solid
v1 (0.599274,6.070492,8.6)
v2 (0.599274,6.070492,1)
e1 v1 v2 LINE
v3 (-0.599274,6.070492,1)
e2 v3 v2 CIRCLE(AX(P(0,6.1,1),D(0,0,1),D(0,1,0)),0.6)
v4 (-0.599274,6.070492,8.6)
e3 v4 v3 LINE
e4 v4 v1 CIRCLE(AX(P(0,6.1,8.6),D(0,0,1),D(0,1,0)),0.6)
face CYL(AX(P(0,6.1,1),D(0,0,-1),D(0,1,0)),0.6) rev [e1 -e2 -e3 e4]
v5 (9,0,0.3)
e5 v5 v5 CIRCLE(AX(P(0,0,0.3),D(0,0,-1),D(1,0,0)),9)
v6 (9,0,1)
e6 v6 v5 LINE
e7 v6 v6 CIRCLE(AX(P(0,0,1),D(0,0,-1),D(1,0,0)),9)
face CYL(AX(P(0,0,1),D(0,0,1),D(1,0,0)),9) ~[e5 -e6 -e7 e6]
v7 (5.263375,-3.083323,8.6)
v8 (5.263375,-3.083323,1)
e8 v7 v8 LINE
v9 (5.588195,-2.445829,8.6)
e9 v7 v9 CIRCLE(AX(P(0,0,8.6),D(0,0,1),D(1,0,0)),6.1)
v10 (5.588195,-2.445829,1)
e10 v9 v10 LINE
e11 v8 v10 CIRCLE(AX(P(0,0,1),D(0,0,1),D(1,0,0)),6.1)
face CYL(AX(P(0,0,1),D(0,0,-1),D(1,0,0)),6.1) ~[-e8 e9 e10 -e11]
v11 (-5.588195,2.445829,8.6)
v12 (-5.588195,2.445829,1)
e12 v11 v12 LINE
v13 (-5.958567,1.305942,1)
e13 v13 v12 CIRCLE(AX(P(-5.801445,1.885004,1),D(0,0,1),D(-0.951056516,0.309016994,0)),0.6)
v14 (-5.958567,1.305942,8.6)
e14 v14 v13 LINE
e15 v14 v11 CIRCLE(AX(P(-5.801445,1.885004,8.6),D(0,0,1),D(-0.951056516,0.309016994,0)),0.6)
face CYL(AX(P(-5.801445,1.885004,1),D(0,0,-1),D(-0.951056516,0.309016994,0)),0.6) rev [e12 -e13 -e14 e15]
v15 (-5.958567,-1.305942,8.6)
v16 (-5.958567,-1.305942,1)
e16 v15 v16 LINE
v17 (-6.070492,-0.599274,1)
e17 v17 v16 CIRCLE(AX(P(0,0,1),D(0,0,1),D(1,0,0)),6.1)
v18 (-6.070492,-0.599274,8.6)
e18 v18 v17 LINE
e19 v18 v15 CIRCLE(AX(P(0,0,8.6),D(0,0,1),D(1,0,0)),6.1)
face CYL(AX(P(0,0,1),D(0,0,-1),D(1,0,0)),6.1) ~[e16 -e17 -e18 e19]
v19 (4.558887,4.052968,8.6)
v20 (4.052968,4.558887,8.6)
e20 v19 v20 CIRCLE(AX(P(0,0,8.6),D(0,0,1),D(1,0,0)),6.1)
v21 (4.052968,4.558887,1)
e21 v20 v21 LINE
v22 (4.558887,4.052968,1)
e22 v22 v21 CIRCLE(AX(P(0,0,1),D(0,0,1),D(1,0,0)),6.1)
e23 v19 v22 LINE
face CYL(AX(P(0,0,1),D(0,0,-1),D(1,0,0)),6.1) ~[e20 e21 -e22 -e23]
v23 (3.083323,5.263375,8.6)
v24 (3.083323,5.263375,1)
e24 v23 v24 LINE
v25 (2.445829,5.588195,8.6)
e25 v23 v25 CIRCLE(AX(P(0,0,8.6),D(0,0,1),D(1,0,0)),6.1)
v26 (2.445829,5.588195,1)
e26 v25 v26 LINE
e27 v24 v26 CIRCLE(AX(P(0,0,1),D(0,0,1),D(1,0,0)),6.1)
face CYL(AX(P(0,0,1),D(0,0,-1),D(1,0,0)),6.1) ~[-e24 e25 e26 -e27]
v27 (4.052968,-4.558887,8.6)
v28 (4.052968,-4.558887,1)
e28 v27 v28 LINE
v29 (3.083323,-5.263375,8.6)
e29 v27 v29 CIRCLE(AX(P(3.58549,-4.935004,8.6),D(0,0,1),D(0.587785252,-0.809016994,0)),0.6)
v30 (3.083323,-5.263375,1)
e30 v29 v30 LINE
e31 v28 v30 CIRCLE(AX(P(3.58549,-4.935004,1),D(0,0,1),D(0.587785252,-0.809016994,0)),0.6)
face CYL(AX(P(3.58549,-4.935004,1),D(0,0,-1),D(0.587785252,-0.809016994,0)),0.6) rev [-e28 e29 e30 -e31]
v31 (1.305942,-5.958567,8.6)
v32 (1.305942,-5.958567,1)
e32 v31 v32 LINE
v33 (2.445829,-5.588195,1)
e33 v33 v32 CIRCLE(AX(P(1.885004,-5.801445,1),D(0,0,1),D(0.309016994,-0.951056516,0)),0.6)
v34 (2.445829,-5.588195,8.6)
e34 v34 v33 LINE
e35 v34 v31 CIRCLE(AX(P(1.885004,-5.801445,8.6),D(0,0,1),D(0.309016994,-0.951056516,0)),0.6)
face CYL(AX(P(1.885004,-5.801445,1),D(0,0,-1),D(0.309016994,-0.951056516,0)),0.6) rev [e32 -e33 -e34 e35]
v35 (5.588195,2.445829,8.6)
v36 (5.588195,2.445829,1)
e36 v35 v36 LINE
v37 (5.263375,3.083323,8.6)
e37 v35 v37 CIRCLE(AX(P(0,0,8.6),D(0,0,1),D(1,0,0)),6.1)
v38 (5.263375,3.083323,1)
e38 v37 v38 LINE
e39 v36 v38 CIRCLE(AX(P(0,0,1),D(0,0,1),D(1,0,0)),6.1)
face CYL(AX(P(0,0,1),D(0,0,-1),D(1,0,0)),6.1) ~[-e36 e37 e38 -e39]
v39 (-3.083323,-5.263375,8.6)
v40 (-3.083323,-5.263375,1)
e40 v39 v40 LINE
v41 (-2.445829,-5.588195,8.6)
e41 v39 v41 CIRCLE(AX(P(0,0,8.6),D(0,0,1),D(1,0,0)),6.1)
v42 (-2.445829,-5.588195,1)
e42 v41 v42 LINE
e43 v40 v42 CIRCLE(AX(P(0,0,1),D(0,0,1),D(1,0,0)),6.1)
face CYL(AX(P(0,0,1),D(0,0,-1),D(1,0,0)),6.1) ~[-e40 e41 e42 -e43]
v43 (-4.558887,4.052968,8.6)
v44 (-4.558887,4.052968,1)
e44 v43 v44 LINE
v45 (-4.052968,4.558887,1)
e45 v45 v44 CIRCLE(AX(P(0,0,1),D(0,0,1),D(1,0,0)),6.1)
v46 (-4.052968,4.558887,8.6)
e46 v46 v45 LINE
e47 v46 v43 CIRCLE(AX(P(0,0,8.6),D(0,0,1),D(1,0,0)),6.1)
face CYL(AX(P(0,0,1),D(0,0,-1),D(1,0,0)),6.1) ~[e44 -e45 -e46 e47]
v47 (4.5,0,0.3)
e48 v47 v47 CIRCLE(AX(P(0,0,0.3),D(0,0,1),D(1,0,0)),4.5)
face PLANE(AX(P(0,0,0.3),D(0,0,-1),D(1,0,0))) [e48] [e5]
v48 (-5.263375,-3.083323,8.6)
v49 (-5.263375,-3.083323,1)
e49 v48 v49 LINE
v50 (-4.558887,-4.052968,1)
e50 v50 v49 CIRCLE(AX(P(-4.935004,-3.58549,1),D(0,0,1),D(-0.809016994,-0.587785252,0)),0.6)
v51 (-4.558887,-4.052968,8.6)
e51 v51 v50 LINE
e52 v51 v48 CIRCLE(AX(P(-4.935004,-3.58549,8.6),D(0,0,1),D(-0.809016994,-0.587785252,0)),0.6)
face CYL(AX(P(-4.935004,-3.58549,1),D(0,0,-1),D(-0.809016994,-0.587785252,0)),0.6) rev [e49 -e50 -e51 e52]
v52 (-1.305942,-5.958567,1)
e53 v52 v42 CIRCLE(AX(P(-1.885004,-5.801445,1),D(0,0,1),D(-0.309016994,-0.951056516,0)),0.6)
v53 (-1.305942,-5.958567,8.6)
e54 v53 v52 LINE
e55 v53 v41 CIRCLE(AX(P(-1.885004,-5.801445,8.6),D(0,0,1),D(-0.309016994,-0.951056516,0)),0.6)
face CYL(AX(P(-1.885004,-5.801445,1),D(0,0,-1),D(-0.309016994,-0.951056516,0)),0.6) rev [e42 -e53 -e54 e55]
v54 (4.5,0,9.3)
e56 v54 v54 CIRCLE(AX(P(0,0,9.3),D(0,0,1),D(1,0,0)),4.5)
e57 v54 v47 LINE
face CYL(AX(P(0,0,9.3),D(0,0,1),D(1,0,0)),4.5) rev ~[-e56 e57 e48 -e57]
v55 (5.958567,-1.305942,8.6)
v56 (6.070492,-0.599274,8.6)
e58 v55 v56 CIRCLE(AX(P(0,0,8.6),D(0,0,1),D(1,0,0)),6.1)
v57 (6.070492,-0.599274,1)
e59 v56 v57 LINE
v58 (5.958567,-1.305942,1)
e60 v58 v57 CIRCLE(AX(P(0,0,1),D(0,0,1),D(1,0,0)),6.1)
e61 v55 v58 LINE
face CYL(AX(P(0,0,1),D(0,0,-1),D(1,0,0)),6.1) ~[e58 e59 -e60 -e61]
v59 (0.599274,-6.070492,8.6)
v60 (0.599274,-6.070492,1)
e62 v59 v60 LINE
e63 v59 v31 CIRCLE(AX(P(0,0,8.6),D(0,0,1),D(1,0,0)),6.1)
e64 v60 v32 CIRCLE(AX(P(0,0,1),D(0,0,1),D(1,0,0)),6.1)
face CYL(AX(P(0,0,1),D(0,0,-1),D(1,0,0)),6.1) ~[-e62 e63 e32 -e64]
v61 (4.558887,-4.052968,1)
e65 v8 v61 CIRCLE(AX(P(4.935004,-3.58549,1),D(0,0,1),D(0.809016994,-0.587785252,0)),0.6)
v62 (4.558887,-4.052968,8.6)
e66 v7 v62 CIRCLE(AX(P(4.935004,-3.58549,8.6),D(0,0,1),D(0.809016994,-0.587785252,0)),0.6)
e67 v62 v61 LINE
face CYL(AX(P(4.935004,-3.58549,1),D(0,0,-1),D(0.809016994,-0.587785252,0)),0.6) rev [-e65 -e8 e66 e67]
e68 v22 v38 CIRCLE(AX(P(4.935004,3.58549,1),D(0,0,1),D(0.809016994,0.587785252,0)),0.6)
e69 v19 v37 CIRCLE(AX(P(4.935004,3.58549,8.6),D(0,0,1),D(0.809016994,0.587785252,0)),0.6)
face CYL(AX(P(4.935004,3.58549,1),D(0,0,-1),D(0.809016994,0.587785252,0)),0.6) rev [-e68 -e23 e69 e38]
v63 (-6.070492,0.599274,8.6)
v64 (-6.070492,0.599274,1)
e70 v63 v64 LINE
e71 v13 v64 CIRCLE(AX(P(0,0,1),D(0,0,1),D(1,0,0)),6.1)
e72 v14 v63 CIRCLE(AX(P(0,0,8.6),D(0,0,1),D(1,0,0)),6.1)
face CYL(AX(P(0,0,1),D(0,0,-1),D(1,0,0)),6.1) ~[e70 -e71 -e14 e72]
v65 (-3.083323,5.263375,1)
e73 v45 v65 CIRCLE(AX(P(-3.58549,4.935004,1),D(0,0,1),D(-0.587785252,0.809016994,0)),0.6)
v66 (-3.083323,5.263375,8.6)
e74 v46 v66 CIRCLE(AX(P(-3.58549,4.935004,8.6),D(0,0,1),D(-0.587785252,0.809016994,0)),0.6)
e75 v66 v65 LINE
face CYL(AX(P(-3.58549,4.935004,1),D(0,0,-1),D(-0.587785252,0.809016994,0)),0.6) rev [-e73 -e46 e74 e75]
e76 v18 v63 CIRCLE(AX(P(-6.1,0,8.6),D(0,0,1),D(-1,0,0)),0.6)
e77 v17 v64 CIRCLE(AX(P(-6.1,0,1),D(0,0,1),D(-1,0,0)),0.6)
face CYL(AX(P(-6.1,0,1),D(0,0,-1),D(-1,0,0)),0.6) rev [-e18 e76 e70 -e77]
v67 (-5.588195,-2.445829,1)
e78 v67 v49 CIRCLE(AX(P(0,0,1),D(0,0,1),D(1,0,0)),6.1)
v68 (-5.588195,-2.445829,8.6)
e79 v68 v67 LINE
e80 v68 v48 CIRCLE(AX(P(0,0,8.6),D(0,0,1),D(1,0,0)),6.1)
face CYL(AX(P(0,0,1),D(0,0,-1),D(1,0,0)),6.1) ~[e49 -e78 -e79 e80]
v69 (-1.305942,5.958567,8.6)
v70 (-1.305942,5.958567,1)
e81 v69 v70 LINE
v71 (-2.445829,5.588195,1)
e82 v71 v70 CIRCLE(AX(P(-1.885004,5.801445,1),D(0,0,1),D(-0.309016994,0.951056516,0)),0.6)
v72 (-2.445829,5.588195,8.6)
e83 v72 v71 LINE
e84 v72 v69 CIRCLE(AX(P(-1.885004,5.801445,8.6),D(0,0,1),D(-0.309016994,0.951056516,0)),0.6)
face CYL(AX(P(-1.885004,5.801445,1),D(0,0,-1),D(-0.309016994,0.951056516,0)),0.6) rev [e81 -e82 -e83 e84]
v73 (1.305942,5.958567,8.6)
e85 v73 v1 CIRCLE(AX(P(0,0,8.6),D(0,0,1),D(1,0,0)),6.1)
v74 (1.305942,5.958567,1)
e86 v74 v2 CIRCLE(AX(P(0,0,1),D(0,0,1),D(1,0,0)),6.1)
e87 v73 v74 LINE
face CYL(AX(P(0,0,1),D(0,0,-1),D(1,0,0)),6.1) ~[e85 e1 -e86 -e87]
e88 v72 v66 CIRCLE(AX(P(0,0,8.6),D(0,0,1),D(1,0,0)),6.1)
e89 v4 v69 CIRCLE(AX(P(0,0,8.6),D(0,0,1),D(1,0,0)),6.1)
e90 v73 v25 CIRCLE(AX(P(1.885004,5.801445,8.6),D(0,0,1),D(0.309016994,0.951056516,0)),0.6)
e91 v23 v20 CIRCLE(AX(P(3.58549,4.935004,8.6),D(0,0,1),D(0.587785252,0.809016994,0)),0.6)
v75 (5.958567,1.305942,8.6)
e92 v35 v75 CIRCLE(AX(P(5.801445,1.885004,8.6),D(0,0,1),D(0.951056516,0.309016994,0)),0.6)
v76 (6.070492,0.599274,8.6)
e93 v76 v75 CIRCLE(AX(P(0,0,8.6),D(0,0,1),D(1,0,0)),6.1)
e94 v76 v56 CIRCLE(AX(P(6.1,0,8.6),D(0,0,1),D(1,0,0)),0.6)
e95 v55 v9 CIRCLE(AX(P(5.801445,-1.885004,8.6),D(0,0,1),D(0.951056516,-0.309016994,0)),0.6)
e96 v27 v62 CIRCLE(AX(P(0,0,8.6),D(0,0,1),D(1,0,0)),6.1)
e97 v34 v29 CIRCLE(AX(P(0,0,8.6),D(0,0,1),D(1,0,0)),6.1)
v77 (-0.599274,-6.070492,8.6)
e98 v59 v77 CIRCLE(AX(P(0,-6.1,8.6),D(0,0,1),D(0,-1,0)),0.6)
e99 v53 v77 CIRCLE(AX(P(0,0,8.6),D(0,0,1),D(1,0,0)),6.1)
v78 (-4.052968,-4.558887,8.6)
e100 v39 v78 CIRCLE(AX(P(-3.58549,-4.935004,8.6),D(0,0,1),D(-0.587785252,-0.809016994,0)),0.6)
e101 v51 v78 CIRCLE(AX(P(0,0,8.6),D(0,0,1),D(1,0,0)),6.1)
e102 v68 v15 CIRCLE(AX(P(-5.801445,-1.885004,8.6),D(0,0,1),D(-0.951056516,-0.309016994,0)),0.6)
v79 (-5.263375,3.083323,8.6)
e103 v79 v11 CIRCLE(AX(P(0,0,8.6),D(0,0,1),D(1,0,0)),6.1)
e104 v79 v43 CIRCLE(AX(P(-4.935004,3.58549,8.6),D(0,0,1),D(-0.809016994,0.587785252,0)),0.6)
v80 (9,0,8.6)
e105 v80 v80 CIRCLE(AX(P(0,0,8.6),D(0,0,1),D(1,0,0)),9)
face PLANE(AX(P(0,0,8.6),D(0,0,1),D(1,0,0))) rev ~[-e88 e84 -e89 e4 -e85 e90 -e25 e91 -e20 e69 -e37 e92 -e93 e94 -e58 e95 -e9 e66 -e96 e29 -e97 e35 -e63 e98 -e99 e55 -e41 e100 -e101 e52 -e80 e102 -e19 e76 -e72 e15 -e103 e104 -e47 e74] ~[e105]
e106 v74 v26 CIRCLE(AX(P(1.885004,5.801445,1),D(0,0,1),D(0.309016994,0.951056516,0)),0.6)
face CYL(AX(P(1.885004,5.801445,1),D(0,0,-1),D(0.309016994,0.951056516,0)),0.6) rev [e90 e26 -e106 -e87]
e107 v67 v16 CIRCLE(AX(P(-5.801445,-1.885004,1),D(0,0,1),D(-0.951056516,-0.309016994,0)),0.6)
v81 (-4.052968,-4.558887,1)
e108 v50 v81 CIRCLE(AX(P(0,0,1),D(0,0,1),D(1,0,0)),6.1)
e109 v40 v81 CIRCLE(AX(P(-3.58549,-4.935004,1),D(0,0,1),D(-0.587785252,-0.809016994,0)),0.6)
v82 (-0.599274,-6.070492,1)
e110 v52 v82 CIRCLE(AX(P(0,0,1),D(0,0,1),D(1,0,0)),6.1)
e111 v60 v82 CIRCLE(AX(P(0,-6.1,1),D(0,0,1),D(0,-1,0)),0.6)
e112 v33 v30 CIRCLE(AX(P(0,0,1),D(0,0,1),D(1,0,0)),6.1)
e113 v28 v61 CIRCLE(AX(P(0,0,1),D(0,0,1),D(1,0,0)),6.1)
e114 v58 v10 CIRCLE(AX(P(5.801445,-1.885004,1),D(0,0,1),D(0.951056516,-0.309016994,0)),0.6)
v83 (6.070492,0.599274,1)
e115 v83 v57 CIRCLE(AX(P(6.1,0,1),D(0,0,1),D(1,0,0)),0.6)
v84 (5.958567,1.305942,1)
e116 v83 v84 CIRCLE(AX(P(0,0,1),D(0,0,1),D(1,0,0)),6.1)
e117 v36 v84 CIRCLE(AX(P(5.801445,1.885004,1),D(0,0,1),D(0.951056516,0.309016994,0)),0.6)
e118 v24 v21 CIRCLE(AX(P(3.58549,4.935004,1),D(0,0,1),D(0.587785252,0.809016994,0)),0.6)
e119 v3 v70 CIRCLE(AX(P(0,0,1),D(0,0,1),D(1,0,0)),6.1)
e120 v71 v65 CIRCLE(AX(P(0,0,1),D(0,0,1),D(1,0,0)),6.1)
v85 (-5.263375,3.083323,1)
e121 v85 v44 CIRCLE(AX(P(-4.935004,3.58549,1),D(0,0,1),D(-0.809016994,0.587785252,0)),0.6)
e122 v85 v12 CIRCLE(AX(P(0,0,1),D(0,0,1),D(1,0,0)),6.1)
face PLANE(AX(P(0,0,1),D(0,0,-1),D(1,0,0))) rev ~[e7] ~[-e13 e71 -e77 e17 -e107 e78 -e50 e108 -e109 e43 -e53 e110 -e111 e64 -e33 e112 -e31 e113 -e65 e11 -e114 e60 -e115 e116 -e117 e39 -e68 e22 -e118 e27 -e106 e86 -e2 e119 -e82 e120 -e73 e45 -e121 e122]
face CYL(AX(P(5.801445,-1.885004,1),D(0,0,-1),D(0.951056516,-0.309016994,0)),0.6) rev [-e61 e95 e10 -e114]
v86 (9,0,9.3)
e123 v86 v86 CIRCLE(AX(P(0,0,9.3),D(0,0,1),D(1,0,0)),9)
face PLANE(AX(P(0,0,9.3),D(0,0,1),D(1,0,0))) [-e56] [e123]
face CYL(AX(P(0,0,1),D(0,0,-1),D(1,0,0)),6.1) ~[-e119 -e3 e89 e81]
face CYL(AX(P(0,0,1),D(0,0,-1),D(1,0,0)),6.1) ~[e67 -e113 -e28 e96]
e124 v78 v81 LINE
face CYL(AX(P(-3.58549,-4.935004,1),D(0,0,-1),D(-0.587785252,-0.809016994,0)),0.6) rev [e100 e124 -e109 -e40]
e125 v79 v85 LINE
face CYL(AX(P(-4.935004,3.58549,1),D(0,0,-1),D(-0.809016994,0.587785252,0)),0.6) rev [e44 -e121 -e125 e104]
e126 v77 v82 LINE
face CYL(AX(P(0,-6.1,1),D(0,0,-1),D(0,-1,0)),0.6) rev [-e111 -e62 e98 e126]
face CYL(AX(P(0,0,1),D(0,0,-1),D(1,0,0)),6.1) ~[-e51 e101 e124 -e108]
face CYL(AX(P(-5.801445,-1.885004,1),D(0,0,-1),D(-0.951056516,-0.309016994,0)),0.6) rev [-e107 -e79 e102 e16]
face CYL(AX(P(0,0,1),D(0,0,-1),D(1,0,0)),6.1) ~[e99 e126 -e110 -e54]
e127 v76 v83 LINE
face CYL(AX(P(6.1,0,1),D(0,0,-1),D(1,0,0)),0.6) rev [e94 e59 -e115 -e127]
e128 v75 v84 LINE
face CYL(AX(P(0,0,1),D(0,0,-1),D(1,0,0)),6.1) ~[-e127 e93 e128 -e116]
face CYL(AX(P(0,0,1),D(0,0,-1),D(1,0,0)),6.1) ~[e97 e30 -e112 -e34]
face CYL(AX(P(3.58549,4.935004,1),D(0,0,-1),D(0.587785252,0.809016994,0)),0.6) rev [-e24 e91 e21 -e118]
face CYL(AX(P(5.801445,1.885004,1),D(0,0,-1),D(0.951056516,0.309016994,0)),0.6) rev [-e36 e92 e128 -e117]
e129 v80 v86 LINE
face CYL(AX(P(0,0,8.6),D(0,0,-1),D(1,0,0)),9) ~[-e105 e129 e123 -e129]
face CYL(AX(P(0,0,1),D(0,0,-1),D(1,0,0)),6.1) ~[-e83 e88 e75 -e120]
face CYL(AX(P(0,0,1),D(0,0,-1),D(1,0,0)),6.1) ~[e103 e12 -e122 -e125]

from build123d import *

# Parameters (mm, degrees)
CYLINDER_R        = 0.6
CYLINDER_DEPTH    = 7.6
ARRAY_COUNT       = 20
CYLINDER001_R     = 6.1
CYLINDER001_DEPTH = 7.6
SKETCH_R          = 9
PAD_DEPTH         = 0.7
SKETCH001_R       = 9
PAD001_DEPTH      = 0.7
SKETCH002_R       = 4.5
POCKET_DEPTH      = 9.001


with BuildPart() as array:
    # Cylinder → Cylinder (new body)
    with BuildSketch(Plane(origin=(6.1, 0, 0), x_dir=(1, 0, 0), z_dir=(0, 0, 1))):
        Circle(CYLINDER_R)
    extrude(amount=CYLINDER_DEPTH)

    # Array: Array ×20 about axis
    array_axis = Axis((0, 0, 0), (0, 0, 1))


with BuildPart() as array_1:
    add(array.part)
    for i in range(1, ARRAY_COUNT):
        add(array.part.rotate(array_axis, i * 360 / ARRAY_COUNT))


with BuildPart() as pocket:
    # Cylinder001 → Cylinder001 (new body)
    with BuildSketch(Plane.XY):
        Circle(CYLINDER001_R)
    extrude(amount=CYLINDER001_DEPTH)

    # Cut: cut Array
    add(array_1.part, mode=Mode.SUBTRACT)


with BuildPart() as pocket_1:
    # Cut placement: moved
    add(pocket.part.moved(Location((0, 0, 1))))

    # Sketch → Pad (new body)
    with BuildSketch(Plane.XY.offset(8.6)):
        Circle(SKETCH_R)
    extrude(amount=PAD_DEPTH)

    # Sketch001 → Pad001 (new body)
    with BuildSketch(Plane(origin=(0, 0, 1), x_dir=(1, 0, 0), z_dir=(0, 0, -1))):
        Circle(SKETCH001_R)
    extrude(amount=PAD001_DEPTH)

    # Sketch002 → Pocket (cut, through all)
    with BuildSketch(Plane.XY.offset(9.3)):
        Circle(SKETCH002_R)
    extrude(amount=-POCKET_DEPTH, mode=Mode.SUBTRACT)


solid = pocket_1.part
